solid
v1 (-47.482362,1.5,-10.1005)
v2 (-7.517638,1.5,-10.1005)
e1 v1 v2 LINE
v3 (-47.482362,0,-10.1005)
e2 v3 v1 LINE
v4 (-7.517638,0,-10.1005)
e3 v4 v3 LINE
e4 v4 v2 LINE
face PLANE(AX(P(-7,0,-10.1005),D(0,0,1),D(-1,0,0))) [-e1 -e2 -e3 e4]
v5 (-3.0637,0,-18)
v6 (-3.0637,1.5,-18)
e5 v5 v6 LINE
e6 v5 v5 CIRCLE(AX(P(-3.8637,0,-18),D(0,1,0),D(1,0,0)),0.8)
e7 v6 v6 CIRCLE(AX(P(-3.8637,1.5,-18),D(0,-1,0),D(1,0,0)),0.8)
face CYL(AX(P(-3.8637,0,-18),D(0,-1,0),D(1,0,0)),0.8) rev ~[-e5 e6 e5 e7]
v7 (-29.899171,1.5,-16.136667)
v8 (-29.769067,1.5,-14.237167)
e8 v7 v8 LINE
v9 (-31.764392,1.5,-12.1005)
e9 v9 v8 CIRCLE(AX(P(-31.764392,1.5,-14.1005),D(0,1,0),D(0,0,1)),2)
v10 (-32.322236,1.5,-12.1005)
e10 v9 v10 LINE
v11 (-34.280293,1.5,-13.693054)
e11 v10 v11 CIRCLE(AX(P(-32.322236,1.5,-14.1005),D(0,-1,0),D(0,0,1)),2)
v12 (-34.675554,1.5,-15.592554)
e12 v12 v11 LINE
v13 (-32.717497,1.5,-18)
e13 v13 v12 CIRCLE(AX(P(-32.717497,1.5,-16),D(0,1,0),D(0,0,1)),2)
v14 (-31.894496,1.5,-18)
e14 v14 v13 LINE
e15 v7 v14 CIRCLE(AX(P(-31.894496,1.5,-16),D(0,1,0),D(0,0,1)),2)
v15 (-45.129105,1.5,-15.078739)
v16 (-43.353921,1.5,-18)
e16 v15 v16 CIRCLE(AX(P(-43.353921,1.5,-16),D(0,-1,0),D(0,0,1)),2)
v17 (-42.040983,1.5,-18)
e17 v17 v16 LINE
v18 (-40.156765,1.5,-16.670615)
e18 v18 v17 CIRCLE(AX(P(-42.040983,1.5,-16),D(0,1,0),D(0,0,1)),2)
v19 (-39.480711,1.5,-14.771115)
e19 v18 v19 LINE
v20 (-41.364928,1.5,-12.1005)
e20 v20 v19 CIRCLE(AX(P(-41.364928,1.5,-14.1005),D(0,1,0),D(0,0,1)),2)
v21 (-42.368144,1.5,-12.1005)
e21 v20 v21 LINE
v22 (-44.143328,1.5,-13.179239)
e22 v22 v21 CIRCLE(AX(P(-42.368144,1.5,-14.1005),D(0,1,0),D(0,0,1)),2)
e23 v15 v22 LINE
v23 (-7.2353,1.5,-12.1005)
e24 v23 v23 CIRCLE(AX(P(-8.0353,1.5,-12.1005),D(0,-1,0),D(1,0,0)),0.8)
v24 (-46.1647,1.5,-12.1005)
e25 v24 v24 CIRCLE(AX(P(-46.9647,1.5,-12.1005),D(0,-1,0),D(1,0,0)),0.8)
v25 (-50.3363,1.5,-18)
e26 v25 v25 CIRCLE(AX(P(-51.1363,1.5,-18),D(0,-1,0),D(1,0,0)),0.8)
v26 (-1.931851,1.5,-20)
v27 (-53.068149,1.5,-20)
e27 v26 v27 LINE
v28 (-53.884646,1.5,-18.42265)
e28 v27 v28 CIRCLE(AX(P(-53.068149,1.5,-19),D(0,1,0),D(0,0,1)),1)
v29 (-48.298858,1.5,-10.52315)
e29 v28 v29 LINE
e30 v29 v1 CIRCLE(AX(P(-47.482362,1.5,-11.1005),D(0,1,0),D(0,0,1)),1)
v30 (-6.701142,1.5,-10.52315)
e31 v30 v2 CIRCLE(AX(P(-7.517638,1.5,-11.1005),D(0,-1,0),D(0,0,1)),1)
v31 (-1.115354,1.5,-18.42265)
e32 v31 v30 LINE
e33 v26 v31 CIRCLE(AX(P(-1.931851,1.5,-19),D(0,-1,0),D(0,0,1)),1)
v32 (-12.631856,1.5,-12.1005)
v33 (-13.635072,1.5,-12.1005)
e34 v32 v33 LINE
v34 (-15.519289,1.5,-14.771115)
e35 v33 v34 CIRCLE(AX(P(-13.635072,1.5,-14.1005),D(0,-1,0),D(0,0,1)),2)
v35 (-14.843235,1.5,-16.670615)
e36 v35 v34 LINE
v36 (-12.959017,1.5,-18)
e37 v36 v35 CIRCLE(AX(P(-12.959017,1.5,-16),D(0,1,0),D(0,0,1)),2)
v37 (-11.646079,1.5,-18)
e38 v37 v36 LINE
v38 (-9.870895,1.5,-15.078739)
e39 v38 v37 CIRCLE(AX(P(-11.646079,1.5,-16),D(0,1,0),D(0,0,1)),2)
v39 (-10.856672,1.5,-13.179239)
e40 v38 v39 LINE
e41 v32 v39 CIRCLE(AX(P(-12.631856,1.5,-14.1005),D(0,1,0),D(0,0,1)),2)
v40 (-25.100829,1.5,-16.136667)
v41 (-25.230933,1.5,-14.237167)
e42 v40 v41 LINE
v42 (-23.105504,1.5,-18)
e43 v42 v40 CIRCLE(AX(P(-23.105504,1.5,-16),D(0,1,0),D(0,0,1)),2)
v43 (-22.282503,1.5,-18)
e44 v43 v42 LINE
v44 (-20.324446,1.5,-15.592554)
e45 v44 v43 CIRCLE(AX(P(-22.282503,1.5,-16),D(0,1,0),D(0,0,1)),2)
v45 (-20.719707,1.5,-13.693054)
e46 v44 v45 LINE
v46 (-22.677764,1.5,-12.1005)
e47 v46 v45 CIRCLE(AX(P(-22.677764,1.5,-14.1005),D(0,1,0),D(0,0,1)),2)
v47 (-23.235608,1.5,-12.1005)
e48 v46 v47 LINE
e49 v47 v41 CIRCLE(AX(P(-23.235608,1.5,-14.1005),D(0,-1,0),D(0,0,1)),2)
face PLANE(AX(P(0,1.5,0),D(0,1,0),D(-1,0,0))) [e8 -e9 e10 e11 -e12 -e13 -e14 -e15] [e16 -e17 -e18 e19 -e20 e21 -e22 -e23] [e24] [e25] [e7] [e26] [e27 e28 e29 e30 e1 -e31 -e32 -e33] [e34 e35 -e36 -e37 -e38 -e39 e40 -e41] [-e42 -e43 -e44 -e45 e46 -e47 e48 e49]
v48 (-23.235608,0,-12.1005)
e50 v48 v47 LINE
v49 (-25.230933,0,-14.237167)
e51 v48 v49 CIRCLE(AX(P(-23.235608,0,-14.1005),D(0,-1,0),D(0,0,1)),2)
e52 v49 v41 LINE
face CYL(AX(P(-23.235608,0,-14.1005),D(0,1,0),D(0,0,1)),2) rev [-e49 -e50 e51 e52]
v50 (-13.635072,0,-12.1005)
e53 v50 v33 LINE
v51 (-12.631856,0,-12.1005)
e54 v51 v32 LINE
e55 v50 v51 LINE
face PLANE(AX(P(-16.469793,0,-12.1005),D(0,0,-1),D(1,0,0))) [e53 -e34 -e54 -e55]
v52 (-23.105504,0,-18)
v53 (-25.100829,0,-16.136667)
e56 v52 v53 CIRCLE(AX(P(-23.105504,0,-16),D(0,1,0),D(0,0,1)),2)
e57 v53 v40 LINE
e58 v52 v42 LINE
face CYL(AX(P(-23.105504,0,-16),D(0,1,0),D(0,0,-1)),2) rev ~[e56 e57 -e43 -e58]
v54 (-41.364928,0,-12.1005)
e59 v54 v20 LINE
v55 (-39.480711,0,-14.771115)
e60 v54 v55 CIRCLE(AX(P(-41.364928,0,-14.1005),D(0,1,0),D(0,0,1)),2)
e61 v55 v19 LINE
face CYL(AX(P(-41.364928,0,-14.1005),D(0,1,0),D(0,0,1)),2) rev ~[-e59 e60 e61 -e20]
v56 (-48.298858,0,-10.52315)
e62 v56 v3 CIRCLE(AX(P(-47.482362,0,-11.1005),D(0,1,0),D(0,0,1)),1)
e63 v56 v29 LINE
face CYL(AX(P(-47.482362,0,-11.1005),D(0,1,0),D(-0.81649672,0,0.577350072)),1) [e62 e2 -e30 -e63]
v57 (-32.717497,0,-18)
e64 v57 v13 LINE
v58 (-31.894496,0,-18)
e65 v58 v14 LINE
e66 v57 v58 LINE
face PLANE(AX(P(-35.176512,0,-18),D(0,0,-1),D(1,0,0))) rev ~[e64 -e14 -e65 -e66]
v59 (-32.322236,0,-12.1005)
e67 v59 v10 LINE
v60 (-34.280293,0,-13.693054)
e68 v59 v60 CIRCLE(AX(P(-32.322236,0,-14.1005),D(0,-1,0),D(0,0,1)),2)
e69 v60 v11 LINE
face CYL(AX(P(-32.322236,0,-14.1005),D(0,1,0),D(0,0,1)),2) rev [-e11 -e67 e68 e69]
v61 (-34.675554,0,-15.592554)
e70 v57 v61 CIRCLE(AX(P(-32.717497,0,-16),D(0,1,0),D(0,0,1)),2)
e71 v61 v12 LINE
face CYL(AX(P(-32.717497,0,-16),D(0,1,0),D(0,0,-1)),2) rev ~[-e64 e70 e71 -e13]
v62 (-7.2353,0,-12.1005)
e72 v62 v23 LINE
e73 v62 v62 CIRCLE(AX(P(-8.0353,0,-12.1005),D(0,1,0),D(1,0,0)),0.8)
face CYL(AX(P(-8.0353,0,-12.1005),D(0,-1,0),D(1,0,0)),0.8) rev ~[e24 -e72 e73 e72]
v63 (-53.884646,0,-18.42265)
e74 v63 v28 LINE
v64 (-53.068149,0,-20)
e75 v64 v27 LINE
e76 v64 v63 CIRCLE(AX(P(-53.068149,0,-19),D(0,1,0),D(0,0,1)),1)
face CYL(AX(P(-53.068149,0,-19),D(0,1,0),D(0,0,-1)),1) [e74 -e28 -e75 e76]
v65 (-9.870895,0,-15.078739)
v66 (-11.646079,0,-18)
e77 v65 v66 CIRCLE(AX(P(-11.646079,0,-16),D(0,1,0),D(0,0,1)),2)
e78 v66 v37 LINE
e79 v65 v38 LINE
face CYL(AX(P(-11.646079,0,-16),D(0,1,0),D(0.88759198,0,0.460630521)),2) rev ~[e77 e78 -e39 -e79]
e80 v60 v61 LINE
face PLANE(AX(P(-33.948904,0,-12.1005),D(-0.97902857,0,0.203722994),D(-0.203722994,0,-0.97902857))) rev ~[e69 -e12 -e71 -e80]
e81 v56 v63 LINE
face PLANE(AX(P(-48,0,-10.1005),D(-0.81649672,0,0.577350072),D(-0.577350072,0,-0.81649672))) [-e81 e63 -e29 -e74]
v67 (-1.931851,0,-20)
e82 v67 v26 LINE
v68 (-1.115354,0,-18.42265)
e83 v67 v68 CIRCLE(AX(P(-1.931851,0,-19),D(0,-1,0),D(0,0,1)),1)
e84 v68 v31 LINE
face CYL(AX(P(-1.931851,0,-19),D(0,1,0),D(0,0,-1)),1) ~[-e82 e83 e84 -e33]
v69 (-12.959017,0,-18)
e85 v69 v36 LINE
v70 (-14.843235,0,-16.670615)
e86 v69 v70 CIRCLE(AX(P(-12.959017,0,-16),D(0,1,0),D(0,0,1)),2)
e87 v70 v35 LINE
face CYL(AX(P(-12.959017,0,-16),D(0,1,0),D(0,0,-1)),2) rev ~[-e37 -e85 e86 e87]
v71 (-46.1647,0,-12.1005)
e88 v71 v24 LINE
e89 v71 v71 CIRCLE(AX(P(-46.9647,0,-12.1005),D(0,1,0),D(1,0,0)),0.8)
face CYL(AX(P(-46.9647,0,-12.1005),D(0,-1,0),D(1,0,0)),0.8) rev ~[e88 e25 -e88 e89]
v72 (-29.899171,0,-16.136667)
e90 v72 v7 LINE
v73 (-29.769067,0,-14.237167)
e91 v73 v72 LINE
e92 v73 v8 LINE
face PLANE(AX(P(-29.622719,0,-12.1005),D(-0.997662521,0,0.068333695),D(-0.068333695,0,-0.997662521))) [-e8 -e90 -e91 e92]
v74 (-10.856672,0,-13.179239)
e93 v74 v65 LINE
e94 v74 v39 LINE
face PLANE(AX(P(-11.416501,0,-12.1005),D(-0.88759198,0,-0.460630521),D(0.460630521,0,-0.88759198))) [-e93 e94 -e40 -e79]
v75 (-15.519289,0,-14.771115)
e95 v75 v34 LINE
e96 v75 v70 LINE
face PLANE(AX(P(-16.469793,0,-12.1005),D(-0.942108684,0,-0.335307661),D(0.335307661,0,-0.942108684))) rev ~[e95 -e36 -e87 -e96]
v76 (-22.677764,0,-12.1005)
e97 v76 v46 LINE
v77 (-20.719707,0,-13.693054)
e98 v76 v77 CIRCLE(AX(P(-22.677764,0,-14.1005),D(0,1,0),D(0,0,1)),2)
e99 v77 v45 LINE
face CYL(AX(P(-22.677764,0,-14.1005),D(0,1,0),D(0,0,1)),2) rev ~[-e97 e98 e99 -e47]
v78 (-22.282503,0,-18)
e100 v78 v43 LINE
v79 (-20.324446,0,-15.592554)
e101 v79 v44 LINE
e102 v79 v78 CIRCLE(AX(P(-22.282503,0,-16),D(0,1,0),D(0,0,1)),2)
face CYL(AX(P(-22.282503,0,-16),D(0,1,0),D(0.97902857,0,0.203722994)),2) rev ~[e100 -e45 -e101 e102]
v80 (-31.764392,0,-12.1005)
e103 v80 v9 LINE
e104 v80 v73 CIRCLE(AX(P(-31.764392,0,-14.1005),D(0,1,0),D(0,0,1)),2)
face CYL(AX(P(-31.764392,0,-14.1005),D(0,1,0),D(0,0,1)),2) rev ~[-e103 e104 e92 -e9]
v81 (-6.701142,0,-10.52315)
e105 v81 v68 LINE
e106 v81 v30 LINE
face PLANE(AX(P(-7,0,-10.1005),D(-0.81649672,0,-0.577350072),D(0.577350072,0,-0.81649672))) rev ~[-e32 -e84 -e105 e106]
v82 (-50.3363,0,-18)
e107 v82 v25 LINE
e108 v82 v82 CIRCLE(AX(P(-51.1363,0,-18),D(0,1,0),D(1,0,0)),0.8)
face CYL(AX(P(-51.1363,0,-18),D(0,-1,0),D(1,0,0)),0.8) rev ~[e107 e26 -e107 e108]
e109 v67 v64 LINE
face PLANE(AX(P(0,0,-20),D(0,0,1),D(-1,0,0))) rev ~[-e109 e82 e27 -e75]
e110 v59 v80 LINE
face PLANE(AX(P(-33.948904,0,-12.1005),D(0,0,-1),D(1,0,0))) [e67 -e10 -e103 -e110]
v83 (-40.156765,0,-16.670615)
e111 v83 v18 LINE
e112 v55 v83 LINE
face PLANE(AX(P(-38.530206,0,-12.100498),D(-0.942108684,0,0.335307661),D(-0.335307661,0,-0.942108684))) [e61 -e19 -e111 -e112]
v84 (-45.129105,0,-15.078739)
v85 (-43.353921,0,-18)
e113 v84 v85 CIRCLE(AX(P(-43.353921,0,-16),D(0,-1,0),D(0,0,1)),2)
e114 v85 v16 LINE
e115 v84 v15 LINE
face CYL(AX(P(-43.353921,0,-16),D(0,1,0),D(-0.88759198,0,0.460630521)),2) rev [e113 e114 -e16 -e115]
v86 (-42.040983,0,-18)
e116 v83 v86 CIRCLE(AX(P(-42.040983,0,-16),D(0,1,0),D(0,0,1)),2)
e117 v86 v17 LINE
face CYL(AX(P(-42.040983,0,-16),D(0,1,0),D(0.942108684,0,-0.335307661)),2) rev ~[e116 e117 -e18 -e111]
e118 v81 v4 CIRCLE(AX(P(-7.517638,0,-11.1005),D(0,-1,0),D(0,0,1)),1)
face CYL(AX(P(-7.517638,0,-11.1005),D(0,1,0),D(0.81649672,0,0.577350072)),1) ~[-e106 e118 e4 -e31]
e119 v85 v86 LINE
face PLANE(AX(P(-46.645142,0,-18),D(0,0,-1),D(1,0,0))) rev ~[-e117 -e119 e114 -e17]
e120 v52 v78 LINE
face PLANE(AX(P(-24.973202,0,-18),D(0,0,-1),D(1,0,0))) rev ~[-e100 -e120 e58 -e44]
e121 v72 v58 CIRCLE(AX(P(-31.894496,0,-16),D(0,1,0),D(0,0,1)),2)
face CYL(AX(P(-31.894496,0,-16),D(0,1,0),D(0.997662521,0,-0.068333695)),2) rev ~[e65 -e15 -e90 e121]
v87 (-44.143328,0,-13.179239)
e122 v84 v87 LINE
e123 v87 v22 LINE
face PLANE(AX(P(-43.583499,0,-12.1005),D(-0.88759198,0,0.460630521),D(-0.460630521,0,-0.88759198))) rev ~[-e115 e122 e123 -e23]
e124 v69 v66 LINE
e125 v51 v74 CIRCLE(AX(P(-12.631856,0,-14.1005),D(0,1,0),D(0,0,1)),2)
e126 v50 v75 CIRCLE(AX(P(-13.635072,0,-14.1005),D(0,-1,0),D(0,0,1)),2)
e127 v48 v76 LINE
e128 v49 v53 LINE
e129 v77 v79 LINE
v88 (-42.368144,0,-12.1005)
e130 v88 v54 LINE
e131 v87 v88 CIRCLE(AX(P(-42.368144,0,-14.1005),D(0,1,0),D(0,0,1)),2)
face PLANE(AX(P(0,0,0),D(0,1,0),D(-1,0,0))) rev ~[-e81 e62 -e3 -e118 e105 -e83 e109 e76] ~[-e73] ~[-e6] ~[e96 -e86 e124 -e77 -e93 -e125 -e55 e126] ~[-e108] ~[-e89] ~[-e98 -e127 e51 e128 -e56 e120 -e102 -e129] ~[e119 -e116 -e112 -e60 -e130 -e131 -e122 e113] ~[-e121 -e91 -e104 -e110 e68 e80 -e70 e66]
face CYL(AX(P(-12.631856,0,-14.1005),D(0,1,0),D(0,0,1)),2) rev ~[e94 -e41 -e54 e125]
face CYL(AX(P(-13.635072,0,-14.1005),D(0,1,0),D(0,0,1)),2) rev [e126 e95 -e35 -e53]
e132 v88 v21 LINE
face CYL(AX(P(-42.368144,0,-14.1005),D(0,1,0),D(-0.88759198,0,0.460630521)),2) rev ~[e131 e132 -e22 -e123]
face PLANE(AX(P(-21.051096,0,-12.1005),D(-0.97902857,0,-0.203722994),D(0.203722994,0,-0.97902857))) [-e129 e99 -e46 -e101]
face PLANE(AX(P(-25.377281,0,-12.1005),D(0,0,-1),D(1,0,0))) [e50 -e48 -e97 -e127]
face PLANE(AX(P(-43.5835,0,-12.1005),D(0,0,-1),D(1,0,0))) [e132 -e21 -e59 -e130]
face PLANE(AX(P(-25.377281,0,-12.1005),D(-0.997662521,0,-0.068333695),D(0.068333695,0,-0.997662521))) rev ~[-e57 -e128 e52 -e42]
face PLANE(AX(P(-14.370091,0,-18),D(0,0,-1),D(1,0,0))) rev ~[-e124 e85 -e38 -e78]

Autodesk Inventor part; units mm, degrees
ref_plane "YZ Plane" through (0, 0, 0) normal (1, 0, 0) x (0, 1, 0)
ref_plane "XZ Plane" through (0, 0, 0) normal (0, 1, 0) x (-1, 0, 0)
ref_plane "XY Plane" through (0, 0, 0) normal (0, 0, 1) x (1, 0, 0)
sketch "スケッチ1" plane through (0, 0, 0) normal (0, 1, 0) x (-1, 0, 0)
  line L0 (55, 0) -> (0, 0)
  line L1 (0, 0) -> (0, -20)
  line L2 (0, -20) -> (55, -20)
  line L3 (55, -20) -> (55, 0)
  dimension "d0" = 20
  dimension "d1" = 55
extrude "押し出し1" add sketch "スケッチ1" along normal blind 1.5
sketch "スケッチ2" plane through (0, 0, 0) normal (0, -1, 0) x (1, 0, 0)
  line L0 (-7, -10.1005) -> (0, -20) projected
  line L1 (-7, -10.1005) -> (-48, -10.1005) projected
  line L2 (0, -20) -> (-55, -20) projected
  line L3 (-48, -10.1005) -> (-55, -20) projected
  line L4 (0, 0) -> (0, -20) projected
  line L5 (-55, 0) -> (0, 0) projected
  line L6 (-55, -20) -> (-55, 0) projected
  line L7 (0, -20) -> (-55, -20) projected
  point P0 (0, -20)
extrude "押し出し2" cut sketch "スケッチ2" against normal through all contours L1 L3 L6 L5 L4 L0
fillet "フィレット1" radius 1 4 edges at (-7, 0.75, -10.1005) (0, 0.75, -20) (-48, 0.75, -10.1005) (-55, 0.75, -20)
sketch "スケッチ3" plane through (0, 0, 0) normal (0, -1, 0) x (1, 0, 0)
  arc A0 (-53.8846, -18.4226) -> (-53.0681, -20) centre (-53.0681, -19) ccw projected
  line L0 (-1.9319, -20) -> (-53.0681, -20) projected
  arc A1 (-1.9319, -20) -> (-1.1154, -18.4226) centre (-1.9319, -19) ccw projected
  line L1 (-1.1154, -18.4226) -> (-6.7011, -10.5232) projected
  arc A2 (-6.7011, -10.5232) -> (-7.5176, -10.1005) centre (-7.5176, -11.1005) ccw projected
  line L2 (-7.5176, -10.1005) -> (-47.4824, -10.1005) projected
  arc A3 (-47.4824, -10.1005) -> (-48.2989, -10.5232) centre (-47.4824, -11.1005) ccw projected
  line L3 (-48.2989, -10.5232) -> (-53.8846, -18.4226) projected
  circle A4 centre (-46.9647, -12.1005) radius 0.8
  circle A5 centre (-8.0353, -12.1005) radius 0.8
  circle A6 centre (-3.8637, -18) radius 0.8
  circle A7 centre (-51.1363, -18) radius 0.8
  circle A8 centre (-27.5, 18.8909) radius 46.7105
  line L4 (-27.5, 18.8909) -> (-54.4683, -19.2481)
  line L5 (-27.5, 18.8909) -> (-0.5317, -19.2481)
  arc A9 (-53.8846, -18.4226) -> (-53.0681, -20) centre (-53.0681, -19) ccw projected
  line L6 (-27.5, 18.8909) -> (-49.0163, -22.569)
  line L7 (-27.5, 18.8909) -> (-43.1624, -25.1155)
  line L8 (-27.5, 18.8909) -> (-37.016, -26.84)
  line L9 (-27.5, 18.8909) -> (-30.6919, -27.7104)
  line L10 (-27.5, 18.8909) -> (-24.3081, -27.7104)
  line L11 (-27.5, 18.8909) -> (-17.984, -26.84)
  line L12 (-27.5, 18.8909) -> (-11.8376, -25.1155)
  line L13 (-27.5, 18.8909) -> (-5.9837, -22.569)
  line L14 (-46.9647, -12.1005) -> (-8.0353, -12.1005)
  line L15 (-51.1363, -18) -> (-3.8637, -18)
  line L16 (-46.9647, -12.1005) -> (-51.1363, -18)
  line L17 (-8.0353, -12.1005) -> (-3.8637, -18)
  circle A10 centre (-46.9647, -12.1005) radius 3.0011
  circle A11 centre (-51.1363, -18) radius 3.9863
  circle A12 centre (-8.0353, -12.1005) radius 3.0011
  circle A13 centre (-3.8637, -18) radius 3.9863
  line L18 (-43.5835, -12.1005) -> (-38.5302, -12.1005)
  point P0 (0, 0)
  point P1 (-14.37, -18)
  point P2 (-8.3548, -18)
  point P3 (-11.4165, -12.1005)
  point P4 (-16.4698, -12.1005)
  point P5 (-24.9732, -18)
  point P6 (-19.8235, -18)
  point P7 (-21.0511, -12.1005)
  point P8 (-25.3773, -12.1005)
  point P9 (-35.1765, -18)
  point P10 (-30.0268, -18)
  point P11 (-29.6227, -12.1005)
  point P12 (-33.9489, -12.1005)
  point P13 (-46.6452, -18)
  point P14 (-40.63, -18)
  dimension "d7" = 1.6
  dimension "d8" = 1.6
  dimension "d9" = 1.6
  dimension "d10" = 1.6
  dimension "d11" = 2
  dimension "d12" = 2
  dimension "d13" = 2
  dimension "d14" = 2
  dimension "d15" = 2
  dimension "d16" = 2
  dimension "d19" = 7.837
  dimension "d20" = 7.837
  dimension "d21" = 7.837
  dimension "d22" = 7.837
  dimension "d25" = 7.837
  dimension "d26" = 7.837
  dimension "d27" = 7.837
  dimension "d28" = 7.837
  dimension "d29" = 7.837
extrude "押し出し3" cut sketch "スケッチ3" against normal through all contours L16 L15 A7 | A7 L15 L16 | L16 L14 A4 | A4 L14 L16 | L6 L14 L7 L15 | L8 L14 L9 L15 | L14 L11 L15 L10 | L14 L13 L15 L12 | L14 L17 A5 | A5 L17 L14 | L17 L15 A6 | A6 L15 L17
fillet "フィレット2" radius 2 16 edges at (-43.5835, 0.75, -12.1005) (-38.5302, 0.75, -12.1005) (-46.6452, 0.75, -18) (-40.63, 0.75, -18) (-33.9489, 0.75, -12.1005) (-29.6227, 0.75, -12.1005) (-35.1765, 0.75, -18) (-30.0268, 0.75, -18) (-24.9732, 0.75, -18) (-25.3773, 0.75, -12.1005) (-21.0511, 0.75, -12.1005) (-19.8235, 0.75, -18) (-11.4165, 0.75, -12.1005) (-8.3548, 0.75, -18) (-14.37, 0.75, -18) (-16.4698, 0.75, -12.1005)
equation "\"d12\" = d11"
equation "\"d13\" = d11"
equation "\"d14\" = d11"
equation "\"d15\" = d11"
equation "\"d16\" = d11"
equation "\"d19\" = d29"
equation "\"d20\" = d19"
equation "\"d21\" = d19"
equation "\"d22\" = d19"
equation "\"d25\" = d19"
equation "\"d26\" = d19"
equation "\"d27\" = d19"
equation "\"d28\" = d19"
properties part number "shield_side_side" material "アルミニウム 6061"
